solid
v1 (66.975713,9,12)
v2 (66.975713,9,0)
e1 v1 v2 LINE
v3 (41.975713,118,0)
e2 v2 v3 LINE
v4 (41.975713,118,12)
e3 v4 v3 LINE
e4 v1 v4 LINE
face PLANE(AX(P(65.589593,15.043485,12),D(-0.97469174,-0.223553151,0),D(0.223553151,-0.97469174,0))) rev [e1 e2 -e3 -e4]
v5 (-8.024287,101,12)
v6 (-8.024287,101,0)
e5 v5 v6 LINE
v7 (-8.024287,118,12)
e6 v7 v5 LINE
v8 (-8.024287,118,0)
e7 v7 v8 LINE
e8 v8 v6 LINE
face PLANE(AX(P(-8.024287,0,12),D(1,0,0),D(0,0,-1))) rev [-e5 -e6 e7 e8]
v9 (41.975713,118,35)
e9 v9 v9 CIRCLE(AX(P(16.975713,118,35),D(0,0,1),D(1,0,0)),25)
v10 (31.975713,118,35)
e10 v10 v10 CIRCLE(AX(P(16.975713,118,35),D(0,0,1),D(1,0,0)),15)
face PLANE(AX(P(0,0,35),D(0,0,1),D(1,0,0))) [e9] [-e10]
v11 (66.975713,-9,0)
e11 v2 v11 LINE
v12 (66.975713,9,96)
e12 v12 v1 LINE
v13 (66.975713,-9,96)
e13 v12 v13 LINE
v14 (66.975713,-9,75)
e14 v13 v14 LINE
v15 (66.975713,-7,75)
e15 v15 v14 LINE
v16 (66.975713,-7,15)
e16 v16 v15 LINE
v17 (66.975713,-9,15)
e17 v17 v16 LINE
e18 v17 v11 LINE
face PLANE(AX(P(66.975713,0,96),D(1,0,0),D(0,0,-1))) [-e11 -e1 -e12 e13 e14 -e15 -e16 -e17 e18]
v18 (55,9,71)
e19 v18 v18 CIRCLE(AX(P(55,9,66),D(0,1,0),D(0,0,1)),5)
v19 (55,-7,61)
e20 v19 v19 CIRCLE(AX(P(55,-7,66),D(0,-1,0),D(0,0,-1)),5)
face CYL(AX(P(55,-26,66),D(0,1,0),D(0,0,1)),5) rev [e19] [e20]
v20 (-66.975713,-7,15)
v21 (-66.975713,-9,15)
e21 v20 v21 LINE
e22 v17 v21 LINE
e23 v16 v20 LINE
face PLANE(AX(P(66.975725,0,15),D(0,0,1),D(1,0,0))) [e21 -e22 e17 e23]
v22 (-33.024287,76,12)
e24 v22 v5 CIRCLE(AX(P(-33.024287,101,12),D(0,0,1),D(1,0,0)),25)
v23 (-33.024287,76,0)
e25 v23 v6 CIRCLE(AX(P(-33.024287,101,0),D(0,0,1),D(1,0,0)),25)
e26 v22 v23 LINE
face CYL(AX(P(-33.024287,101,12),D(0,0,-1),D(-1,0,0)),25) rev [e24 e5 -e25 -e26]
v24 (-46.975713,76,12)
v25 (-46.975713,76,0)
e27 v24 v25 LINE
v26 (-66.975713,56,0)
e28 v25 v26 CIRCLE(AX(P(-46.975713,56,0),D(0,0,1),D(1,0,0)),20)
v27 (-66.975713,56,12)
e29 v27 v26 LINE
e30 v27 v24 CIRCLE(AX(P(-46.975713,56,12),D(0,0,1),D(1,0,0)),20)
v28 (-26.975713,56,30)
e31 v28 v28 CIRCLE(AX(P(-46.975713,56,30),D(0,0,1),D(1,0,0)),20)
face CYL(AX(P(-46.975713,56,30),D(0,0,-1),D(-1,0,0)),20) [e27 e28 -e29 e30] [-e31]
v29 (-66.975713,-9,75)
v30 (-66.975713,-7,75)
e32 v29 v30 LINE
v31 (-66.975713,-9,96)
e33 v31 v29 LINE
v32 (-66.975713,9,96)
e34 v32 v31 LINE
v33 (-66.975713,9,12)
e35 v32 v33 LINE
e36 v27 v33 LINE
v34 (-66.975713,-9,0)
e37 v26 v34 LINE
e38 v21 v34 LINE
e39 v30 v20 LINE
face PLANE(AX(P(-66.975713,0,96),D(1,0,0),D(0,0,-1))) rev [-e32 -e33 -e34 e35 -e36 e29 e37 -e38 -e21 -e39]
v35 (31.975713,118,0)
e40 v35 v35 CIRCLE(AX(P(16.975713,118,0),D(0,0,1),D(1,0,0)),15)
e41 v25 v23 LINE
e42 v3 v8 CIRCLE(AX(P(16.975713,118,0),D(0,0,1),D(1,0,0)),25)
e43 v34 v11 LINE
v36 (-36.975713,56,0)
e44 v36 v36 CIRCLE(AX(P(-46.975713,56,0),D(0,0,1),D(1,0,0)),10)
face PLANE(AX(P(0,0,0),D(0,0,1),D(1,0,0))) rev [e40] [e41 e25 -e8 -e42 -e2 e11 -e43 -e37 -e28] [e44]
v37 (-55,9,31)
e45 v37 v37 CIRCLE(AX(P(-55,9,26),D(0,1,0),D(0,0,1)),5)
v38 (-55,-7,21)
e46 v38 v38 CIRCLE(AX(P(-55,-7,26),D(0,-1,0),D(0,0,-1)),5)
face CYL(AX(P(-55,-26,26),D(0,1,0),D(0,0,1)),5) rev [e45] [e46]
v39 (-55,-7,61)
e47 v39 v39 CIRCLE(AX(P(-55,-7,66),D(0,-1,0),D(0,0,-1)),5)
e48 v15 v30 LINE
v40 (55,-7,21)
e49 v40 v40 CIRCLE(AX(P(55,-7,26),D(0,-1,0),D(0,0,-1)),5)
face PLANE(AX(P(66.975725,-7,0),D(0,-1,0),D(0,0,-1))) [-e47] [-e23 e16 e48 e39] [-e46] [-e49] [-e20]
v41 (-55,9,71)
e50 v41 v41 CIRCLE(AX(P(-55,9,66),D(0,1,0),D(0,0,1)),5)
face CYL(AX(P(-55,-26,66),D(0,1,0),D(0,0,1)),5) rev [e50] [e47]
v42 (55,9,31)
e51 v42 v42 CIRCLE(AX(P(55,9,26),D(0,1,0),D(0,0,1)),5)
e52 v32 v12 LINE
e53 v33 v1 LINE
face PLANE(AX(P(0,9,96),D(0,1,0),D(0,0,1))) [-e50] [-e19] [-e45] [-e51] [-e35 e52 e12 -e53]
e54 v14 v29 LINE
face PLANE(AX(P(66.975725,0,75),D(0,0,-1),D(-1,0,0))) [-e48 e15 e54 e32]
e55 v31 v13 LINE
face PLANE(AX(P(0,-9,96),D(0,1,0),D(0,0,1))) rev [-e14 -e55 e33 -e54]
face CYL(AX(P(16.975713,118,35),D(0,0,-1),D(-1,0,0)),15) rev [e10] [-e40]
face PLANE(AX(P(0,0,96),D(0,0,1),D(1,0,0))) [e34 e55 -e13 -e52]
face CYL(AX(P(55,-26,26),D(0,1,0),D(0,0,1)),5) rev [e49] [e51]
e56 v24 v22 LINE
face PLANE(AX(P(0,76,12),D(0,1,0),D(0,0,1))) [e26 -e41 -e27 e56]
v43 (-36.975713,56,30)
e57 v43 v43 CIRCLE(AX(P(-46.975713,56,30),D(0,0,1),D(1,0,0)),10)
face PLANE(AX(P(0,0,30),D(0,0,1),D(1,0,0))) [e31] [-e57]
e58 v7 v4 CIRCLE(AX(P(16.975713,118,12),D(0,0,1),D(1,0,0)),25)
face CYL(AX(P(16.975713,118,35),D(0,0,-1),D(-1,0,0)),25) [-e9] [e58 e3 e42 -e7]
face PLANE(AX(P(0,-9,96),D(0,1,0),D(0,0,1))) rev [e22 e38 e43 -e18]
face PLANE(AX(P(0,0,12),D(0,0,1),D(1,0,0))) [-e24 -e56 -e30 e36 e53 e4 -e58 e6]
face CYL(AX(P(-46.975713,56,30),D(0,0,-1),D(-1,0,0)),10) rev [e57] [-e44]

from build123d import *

# Parameters (mm, degrees)
SKETCH1_W               = 133.951426206
SKETCH1_H               = 18
BOSS_EXTRUDE1_DEPTH     = 96
BOSS_EXTRUDE2_DEPTH     = 12
SKETCH1_4_R             = 10
BOSS_EXTRUDE3_DEPTH     = 30
SKETCH1_5_R             = 15
BOSS_EXTRUDE4_DEPTH     = 35
CUT_EXTRUDE1_DEPTH      = 219.192540162
CUT_EXTRUDE1_DEPTH_BACK = 140
SKETCH2_W               = 60
SKETCH2_H               = 2
SKETCH4_R               = 5
CUT_EXTRUDE3_DEPTH      = 35
SKETCH5_R               = 5
CUT_EXTRUDE4_DEPTH      = 35


with BuildPart() as part:
    # Sketch1 → Boss-Extrude1 (new body)
    with BuildSketch(Plane.XY):
        Rectangle(SKETCH1_W, SKETCH1_H)
    extrude(amount=BOSS_EXTRUDE1_DEPTH)

    # Sketch1<3> → Boss-Extrude2 (add)
    with BuildSketch(Plane.XY):
        with BuildLine():
            Line((-66.975713103, 9), (66.975713103, 9))
            Line((66.975713103, 9), (41.975713103, 118))
            ThreePointArc((41.975713103, 118), (16.975713103, 93), (-8.024286897, 118))
            Line((-8.024286897, 118), (-8.024286897, 101))
            ThreePointArc((-8.024286897, 101), (-15.346617368, 83.32233047), (-33.024286897, 76))
            Line((-33.024286897, 76), (-46.975713103, 76))
            ThreePointArc((-46.975713103, 76), (-32.833577479, 70.142135624), (-26.975713103, 56))
            ThreePointArc((-26.975713103, 56), (-46.975713103, 36), (-66.975713103, 56))
            Line((-66.975713103, 56), (-66.975713103, 9))
        make_face()
    extrude(amount=BOSS_EXTRUDE2_DEPTH)

    # Sketch1<4> → Boss-Extrude3 (add)
    with BuildSketch(Plane.XY):
        with BuildLine():
            ThreePointArc((-46.975713103, 76), (-61.117848726, 70.142135624), (-66.975713103, 56))
            ThreePointArc((-66.975713103, 56), (-46.975713103, 36), (-26.975713103, 56))
            ThreePointArc((-26.975713103, 56), (-32.833577479, 70.142135624), (-46.975713103, 76))
        make_face()
        with Locations((-46.975713103, 56)):
            Circle(SKETCH1_4_R, mode=Mode.SUBTRACT)
    extrude(amount=BOSS_EXTRUDE3_DEPTH)

    # Sketch1<5> → Boss-Extrude4 (add)
    with BuildSketch(Plane.XY):
        with BuildLine():
            ThreePointArc((-8.024286897, 118), (16.975713103, 93), (41.975713103, 118))
            ThreePointArc((41.975713103, 118), (16.975713103, 143), (-8.024286897, 118))
        make_face()
        with Locations((16.975713103, 118)):
            Circle(SKETCH1_5_R, mode=Mode.SUBTRACT)
    extrude(amount=BOSS_EXTRUDE4_DEPTH)

    # Sketch2 → Cut-Extrude1 (cut, two sides: drawn at the far end of the back side and taken through both)
    with BuildSketch(Plane(origin=(66.975713103, 0, 0), x_dir=(0, 0, -1), z_dir=(1, 0, 0)).offset(-CUT_EXTRUDE1_DEPTH_BACK)):
        with Locations((-45, -8)):
            Rectangle(SKETCH2_W, SKETCH2_H)
    extrude(amount=CUT_EXTRUDE1_DEPTH + CUT_EXTRUDE1_DEPTH_BACK, mode=Mode.SUBTRACT)

    # Sketch4 → Cut-Extrude3 (cut)
    with BuildSketch(Plane(origin=(0, 9, 0), x_dir=(1, 0, 0), z_dir=(0, 1, 0))):
        with Locations((55, -26)):
            Circle(SKETCH4_R)
        with Locations((55, -66)):
            Circle(SKETCH4_R)
        with Locations((-55, -66)):
            Circle(SKETCH4_R)
    extrude(amount=-CUT_EXTRUDE3_DEPTH, mode=Mode.SUBTRACT)

    # Sketch5 → Cut-Extrude4 (cut)
    with BuildSketch(Plane(origin=(0, 9, 0), x_dir=(1, 0, 0), z_dir=(0, 1, 0))):
        with Locations((-55, -26)):
            Circle(SKETCH5_R)
    extrude(amount=-CUT_EXTRUDE4_DEPTH, mode=Mode.SUBTRACT)


solid = part.part
